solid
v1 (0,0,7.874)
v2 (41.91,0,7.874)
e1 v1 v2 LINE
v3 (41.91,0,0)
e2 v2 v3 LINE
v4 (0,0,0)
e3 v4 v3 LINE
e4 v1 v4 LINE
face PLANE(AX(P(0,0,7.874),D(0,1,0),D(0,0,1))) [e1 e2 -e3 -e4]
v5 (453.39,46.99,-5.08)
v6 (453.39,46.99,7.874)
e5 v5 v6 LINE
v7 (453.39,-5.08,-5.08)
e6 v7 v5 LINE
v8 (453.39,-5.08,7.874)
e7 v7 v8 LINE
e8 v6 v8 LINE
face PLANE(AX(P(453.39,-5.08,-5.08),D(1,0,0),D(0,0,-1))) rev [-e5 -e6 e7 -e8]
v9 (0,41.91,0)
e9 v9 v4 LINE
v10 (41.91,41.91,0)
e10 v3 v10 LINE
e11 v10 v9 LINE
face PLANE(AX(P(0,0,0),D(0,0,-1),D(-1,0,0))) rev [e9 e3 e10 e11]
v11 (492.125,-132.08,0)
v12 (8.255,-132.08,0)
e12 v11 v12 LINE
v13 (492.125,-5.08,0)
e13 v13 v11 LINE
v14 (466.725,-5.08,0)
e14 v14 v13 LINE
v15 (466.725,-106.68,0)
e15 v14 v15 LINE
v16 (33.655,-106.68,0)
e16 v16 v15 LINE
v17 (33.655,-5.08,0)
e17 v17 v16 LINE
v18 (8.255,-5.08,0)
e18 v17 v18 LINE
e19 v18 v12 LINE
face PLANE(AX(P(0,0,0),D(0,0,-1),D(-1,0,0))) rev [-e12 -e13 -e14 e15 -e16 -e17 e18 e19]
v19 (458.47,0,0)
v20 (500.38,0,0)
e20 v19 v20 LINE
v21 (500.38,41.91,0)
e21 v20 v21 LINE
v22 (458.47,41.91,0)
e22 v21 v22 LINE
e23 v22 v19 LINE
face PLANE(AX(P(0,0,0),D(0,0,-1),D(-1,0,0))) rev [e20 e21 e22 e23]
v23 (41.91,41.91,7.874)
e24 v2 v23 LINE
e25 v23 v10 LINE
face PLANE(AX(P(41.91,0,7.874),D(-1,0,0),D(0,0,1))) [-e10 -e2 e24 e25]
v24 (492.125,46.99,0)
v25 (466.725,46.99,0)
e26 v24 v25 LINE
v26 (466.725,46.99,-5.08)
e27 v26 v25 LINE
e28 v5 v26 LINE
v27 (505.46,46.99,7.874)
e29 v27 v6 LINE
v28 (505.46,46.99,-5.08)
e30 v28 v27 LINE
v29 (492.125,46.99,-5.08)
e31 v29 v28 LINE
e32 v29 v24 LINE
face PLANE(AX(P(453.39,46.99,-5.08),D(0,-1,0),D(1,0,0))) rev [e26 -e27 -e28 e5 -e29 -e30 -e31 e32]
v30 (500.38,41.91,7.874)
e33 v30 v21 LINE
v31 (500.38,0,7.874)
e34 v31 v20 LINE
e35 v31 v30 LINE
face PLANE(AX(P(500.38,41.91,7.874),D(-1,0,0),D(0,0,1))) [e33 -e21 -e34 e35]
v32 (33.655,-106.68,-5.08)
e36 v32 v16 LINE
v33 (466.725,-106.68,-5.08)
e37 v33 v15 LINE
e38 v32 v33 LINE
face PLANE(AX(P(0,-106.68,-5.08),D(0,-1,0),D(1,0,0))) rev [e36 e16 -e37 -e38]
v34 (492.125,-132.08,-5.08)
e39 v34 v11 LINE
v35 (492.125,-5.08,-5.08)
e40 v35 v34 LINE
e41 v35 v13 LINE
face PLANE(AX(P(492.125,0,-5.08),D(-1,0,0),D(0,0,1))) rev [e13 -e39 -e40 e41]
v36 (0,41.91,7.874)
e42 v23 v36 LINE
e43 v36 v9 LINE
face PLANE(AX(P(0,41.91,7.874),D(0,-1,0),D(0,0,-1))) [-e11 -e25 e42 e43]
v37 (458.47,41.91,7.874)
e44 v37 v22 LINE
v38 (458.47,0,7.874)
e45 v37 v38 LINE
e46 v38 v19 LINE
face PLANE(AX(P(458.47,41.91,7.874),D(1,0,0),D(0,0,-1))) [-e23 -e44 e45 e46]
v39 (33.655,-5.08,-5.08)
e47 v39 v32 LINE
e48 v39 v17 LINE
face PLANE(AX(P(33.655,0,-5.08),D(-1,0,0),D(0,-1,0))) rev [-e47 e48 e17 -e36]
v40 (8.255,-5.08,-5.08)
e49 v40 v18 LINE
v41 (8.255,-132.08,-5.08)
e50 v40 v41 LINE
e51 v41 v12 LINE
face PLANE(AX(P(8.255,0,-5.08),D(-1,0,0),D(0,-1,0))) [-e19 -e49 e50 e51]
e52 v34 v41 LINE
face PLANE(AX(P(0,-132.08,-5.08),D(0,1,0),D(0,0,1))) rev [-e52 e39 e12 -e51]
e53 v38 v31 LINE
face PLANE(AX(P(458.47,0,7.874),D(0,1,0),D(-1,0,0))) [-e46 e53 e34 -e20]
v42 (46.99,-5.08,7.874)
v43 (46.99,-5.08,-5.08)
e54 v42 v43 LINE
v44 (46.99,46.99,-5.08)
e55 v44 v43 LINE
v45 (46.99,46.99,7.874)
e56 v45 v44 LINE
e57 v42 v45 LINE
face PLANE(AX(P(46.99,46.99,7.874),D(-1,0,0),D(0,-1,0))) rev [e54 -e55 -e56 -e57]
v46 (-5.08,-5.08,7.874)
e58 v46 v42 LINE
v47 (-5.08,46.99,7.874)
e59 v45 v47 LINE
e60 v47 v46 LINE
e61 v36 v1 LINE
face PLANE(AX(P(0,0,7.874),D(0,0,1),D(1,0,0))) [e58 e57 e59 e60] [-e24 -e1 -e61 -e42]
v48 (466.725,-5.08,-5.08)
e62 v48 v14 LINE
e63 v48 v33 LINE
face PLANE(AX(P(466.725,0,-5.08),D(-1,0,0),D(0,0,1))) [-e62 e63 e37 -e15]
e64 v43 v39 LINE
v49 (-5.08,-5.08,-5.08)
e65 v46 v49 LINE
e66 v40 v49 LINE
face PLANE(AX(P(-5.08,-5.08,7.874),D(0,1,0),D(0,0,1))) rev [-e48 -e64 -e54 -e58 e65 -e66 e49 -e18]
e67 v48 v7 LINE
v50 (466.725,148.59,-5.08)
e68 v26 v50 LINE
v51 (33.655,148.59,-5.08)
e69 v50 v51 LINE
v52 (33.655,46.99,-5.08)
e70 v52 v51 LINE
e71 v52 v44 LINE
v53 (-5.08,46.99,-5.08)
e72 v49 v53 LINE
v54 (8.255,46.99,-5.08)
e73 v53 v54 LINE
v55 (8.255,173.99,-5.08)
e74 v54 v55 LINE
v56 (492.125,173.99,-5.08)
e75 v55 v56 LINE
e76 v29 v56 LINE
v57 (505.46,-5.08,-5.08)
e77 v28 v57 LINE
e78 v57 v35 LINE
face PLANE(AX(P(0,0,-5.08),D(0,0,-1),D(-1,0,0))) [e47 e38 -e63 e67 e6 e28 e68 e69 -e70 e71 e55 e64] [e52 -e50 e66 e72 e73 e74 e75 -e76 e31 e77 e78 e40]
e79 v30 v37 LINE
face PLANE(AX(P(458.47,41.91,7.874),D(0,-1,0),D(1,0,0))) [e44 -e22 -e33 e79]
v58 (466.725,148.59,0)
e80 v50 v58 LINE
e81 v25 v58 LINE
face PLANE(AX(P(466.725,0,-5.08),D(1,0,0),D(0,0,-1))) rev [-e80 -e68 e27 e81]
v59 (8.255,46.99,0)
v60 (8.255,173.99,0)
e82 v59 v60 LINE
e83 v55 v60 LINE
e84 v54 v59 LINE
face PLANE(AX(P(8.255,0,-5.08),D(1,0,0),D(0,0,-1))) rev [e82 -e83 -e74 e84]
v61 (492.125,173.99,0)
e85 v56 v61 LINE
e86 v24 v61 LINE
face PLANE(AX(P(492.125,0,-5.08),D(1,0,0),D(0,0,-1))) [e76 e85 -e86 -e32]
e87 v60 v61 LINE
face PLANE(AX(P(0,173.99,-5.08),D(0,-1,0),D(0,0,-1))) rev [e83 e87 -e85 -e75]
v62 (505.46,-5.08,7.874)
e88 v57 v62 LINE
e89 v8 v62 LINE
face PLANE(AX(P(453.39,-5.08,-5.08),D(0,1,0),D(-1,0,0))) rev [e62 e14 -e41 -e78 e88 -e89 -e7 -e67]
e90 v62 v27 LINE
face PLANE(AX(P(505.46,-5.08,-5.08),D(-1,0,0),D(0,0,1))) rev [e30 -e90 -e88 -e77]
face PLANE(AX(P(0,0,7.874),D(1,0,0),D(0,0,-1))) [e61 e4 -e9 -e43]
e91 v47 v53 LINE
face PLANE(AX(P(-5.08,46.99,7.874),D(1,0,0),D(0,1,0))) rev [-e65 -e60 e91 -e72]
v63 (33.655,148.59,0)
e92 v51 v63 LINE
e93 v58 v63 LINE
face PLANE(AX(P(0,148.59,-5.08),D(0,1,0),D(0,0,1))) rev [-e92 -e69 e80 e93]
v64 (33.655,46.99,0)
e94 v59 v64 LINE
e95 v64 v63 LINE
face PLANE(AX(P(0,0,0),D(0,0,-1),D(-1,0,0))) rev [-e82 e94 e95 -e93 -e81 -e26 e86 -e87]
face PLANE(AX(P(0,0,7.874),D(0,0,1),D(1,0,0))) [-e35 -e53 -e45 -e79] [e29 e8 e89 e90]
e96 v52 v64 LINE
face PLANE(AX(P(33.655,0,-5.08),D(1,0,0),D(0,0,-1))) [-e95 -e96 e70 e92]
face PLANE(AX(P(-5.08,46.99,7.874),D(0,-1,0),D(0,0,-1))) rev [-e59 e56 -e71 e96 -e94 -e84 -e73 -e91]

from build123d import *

# Parameters (mm, degrees)
SKETCH1_W             = 52.07
SKETCH1_H             = 52.07
SKETCH1_W_2           = 41.91
SKETCH1_H_2           = 41.91
BOSS_EXTRUDE1_DEPTH   = 7.874
BOSS_EXTRUDE1_2_DEPTH = 7.874
BOSS_EXTRUDE3_DEPTH   = 5.08
BOSS_EXTRUDE3_2_DEPTH = 5.08
SKETCH3_W             = 52.07
SKETCH3_H             = 52.07
BOSS_EXTRUDE4_DEPTH   = 5.08


with BuildPart() as part:
    # Sketch1 → Boss-Extrude1 (new body)
    with BuildSketch(Plane.XY):
        with Locations((20.955, 20.955)):
            Rectangle(SKETCH1_W, SKETCH1_H)
        with Locations((20.955, 20.955)):
            Rectangle(SKETCH1_W_2, SKETCH1_H_2, mode=Mode.SUBTRACT)
    extrude(amount=BOSS_EXTRUDE1_DEPTH)



with BuildPart() as body_2:
    # Sketch1 → Boss-Extrude1 2 (new body)
    with BuildSketch(Plane.XY):
        with Locations((479.425, 20.955)):
            Rectangle(SKETCH1_W, SKETCH1_H)
        with Locations((479.425, 20.955)):
            Rectangle(SKETCH1_W_2, SKETCH1_H_2, mode=Mode.SUBTRACT)
    extrude(amount=BOSS_EXTRUDE1_2_DEPTH)


with BuildPart() as body_3:
    # Sketch2 → Boss-Extrude3 (new body)
    with BuildSketch(Plane(origin=(0, 0, 0), x_dir=(-1, 0, 0), z_dir=(0, 0, -1))):
        Polygon((-8.255, -132.08), (-8.255, -5.08), (-33.655, -5.08), (-33.655, -106.68), (-466.725, -106.68), (-466.725, -5.08), (-492.125, -5.08), (-492.125, -132.08), align=None)
    extrude(amount=BOSS_EXTRUDE3_DEPTH)


with BuildPart() as body_4:
    # Sketch2 → Boss-Extrude3 2 (new body)
    with BuildSketch(Plane(origin=(0, 0, 0), x_dir=(-1, 0, 0), z_dir=(0, 0, -1))):
        Polygon((-33.655, 46.99), (-8.255, 46.99), (-8.255, 173.99), (-492.125, 173.99), (-492.125, 46.99), (-466.725, 46.99), (-466.725, 148.59), (-33.655, 148.59), align=None)
    extrude(amount=BOSS_EXTRUDE3_2_DEPTH)


with BuildPart() as part_1:
    add(part.part)

    add(body_2.part)  # Boss-Extrude4 merges body 2

    add(body_3.part)  # Boss-Extrude4 merges body 3

    add(body_4.part)  # Boss-Extrude4 merges body 4
    # Sketch3 → Boss-Extrude4 (add)
    with BuildSketch(Plane(origin=(0, 0, 0), x_dir=(-1, 0, 0), z_dir=(0, 0, -1))):
        with Locations((-20.955, 20.955)):
            Rectangle(SKETCH3_W, SKETCH3_H)
        with Locations((-479.425, 20.955)):
            Rectangle(SKETCH3_W, SKETCH3_H)
    extrude(amount=BOSS_EXTRUDE4_DEPTH)


solid = part_1.part
